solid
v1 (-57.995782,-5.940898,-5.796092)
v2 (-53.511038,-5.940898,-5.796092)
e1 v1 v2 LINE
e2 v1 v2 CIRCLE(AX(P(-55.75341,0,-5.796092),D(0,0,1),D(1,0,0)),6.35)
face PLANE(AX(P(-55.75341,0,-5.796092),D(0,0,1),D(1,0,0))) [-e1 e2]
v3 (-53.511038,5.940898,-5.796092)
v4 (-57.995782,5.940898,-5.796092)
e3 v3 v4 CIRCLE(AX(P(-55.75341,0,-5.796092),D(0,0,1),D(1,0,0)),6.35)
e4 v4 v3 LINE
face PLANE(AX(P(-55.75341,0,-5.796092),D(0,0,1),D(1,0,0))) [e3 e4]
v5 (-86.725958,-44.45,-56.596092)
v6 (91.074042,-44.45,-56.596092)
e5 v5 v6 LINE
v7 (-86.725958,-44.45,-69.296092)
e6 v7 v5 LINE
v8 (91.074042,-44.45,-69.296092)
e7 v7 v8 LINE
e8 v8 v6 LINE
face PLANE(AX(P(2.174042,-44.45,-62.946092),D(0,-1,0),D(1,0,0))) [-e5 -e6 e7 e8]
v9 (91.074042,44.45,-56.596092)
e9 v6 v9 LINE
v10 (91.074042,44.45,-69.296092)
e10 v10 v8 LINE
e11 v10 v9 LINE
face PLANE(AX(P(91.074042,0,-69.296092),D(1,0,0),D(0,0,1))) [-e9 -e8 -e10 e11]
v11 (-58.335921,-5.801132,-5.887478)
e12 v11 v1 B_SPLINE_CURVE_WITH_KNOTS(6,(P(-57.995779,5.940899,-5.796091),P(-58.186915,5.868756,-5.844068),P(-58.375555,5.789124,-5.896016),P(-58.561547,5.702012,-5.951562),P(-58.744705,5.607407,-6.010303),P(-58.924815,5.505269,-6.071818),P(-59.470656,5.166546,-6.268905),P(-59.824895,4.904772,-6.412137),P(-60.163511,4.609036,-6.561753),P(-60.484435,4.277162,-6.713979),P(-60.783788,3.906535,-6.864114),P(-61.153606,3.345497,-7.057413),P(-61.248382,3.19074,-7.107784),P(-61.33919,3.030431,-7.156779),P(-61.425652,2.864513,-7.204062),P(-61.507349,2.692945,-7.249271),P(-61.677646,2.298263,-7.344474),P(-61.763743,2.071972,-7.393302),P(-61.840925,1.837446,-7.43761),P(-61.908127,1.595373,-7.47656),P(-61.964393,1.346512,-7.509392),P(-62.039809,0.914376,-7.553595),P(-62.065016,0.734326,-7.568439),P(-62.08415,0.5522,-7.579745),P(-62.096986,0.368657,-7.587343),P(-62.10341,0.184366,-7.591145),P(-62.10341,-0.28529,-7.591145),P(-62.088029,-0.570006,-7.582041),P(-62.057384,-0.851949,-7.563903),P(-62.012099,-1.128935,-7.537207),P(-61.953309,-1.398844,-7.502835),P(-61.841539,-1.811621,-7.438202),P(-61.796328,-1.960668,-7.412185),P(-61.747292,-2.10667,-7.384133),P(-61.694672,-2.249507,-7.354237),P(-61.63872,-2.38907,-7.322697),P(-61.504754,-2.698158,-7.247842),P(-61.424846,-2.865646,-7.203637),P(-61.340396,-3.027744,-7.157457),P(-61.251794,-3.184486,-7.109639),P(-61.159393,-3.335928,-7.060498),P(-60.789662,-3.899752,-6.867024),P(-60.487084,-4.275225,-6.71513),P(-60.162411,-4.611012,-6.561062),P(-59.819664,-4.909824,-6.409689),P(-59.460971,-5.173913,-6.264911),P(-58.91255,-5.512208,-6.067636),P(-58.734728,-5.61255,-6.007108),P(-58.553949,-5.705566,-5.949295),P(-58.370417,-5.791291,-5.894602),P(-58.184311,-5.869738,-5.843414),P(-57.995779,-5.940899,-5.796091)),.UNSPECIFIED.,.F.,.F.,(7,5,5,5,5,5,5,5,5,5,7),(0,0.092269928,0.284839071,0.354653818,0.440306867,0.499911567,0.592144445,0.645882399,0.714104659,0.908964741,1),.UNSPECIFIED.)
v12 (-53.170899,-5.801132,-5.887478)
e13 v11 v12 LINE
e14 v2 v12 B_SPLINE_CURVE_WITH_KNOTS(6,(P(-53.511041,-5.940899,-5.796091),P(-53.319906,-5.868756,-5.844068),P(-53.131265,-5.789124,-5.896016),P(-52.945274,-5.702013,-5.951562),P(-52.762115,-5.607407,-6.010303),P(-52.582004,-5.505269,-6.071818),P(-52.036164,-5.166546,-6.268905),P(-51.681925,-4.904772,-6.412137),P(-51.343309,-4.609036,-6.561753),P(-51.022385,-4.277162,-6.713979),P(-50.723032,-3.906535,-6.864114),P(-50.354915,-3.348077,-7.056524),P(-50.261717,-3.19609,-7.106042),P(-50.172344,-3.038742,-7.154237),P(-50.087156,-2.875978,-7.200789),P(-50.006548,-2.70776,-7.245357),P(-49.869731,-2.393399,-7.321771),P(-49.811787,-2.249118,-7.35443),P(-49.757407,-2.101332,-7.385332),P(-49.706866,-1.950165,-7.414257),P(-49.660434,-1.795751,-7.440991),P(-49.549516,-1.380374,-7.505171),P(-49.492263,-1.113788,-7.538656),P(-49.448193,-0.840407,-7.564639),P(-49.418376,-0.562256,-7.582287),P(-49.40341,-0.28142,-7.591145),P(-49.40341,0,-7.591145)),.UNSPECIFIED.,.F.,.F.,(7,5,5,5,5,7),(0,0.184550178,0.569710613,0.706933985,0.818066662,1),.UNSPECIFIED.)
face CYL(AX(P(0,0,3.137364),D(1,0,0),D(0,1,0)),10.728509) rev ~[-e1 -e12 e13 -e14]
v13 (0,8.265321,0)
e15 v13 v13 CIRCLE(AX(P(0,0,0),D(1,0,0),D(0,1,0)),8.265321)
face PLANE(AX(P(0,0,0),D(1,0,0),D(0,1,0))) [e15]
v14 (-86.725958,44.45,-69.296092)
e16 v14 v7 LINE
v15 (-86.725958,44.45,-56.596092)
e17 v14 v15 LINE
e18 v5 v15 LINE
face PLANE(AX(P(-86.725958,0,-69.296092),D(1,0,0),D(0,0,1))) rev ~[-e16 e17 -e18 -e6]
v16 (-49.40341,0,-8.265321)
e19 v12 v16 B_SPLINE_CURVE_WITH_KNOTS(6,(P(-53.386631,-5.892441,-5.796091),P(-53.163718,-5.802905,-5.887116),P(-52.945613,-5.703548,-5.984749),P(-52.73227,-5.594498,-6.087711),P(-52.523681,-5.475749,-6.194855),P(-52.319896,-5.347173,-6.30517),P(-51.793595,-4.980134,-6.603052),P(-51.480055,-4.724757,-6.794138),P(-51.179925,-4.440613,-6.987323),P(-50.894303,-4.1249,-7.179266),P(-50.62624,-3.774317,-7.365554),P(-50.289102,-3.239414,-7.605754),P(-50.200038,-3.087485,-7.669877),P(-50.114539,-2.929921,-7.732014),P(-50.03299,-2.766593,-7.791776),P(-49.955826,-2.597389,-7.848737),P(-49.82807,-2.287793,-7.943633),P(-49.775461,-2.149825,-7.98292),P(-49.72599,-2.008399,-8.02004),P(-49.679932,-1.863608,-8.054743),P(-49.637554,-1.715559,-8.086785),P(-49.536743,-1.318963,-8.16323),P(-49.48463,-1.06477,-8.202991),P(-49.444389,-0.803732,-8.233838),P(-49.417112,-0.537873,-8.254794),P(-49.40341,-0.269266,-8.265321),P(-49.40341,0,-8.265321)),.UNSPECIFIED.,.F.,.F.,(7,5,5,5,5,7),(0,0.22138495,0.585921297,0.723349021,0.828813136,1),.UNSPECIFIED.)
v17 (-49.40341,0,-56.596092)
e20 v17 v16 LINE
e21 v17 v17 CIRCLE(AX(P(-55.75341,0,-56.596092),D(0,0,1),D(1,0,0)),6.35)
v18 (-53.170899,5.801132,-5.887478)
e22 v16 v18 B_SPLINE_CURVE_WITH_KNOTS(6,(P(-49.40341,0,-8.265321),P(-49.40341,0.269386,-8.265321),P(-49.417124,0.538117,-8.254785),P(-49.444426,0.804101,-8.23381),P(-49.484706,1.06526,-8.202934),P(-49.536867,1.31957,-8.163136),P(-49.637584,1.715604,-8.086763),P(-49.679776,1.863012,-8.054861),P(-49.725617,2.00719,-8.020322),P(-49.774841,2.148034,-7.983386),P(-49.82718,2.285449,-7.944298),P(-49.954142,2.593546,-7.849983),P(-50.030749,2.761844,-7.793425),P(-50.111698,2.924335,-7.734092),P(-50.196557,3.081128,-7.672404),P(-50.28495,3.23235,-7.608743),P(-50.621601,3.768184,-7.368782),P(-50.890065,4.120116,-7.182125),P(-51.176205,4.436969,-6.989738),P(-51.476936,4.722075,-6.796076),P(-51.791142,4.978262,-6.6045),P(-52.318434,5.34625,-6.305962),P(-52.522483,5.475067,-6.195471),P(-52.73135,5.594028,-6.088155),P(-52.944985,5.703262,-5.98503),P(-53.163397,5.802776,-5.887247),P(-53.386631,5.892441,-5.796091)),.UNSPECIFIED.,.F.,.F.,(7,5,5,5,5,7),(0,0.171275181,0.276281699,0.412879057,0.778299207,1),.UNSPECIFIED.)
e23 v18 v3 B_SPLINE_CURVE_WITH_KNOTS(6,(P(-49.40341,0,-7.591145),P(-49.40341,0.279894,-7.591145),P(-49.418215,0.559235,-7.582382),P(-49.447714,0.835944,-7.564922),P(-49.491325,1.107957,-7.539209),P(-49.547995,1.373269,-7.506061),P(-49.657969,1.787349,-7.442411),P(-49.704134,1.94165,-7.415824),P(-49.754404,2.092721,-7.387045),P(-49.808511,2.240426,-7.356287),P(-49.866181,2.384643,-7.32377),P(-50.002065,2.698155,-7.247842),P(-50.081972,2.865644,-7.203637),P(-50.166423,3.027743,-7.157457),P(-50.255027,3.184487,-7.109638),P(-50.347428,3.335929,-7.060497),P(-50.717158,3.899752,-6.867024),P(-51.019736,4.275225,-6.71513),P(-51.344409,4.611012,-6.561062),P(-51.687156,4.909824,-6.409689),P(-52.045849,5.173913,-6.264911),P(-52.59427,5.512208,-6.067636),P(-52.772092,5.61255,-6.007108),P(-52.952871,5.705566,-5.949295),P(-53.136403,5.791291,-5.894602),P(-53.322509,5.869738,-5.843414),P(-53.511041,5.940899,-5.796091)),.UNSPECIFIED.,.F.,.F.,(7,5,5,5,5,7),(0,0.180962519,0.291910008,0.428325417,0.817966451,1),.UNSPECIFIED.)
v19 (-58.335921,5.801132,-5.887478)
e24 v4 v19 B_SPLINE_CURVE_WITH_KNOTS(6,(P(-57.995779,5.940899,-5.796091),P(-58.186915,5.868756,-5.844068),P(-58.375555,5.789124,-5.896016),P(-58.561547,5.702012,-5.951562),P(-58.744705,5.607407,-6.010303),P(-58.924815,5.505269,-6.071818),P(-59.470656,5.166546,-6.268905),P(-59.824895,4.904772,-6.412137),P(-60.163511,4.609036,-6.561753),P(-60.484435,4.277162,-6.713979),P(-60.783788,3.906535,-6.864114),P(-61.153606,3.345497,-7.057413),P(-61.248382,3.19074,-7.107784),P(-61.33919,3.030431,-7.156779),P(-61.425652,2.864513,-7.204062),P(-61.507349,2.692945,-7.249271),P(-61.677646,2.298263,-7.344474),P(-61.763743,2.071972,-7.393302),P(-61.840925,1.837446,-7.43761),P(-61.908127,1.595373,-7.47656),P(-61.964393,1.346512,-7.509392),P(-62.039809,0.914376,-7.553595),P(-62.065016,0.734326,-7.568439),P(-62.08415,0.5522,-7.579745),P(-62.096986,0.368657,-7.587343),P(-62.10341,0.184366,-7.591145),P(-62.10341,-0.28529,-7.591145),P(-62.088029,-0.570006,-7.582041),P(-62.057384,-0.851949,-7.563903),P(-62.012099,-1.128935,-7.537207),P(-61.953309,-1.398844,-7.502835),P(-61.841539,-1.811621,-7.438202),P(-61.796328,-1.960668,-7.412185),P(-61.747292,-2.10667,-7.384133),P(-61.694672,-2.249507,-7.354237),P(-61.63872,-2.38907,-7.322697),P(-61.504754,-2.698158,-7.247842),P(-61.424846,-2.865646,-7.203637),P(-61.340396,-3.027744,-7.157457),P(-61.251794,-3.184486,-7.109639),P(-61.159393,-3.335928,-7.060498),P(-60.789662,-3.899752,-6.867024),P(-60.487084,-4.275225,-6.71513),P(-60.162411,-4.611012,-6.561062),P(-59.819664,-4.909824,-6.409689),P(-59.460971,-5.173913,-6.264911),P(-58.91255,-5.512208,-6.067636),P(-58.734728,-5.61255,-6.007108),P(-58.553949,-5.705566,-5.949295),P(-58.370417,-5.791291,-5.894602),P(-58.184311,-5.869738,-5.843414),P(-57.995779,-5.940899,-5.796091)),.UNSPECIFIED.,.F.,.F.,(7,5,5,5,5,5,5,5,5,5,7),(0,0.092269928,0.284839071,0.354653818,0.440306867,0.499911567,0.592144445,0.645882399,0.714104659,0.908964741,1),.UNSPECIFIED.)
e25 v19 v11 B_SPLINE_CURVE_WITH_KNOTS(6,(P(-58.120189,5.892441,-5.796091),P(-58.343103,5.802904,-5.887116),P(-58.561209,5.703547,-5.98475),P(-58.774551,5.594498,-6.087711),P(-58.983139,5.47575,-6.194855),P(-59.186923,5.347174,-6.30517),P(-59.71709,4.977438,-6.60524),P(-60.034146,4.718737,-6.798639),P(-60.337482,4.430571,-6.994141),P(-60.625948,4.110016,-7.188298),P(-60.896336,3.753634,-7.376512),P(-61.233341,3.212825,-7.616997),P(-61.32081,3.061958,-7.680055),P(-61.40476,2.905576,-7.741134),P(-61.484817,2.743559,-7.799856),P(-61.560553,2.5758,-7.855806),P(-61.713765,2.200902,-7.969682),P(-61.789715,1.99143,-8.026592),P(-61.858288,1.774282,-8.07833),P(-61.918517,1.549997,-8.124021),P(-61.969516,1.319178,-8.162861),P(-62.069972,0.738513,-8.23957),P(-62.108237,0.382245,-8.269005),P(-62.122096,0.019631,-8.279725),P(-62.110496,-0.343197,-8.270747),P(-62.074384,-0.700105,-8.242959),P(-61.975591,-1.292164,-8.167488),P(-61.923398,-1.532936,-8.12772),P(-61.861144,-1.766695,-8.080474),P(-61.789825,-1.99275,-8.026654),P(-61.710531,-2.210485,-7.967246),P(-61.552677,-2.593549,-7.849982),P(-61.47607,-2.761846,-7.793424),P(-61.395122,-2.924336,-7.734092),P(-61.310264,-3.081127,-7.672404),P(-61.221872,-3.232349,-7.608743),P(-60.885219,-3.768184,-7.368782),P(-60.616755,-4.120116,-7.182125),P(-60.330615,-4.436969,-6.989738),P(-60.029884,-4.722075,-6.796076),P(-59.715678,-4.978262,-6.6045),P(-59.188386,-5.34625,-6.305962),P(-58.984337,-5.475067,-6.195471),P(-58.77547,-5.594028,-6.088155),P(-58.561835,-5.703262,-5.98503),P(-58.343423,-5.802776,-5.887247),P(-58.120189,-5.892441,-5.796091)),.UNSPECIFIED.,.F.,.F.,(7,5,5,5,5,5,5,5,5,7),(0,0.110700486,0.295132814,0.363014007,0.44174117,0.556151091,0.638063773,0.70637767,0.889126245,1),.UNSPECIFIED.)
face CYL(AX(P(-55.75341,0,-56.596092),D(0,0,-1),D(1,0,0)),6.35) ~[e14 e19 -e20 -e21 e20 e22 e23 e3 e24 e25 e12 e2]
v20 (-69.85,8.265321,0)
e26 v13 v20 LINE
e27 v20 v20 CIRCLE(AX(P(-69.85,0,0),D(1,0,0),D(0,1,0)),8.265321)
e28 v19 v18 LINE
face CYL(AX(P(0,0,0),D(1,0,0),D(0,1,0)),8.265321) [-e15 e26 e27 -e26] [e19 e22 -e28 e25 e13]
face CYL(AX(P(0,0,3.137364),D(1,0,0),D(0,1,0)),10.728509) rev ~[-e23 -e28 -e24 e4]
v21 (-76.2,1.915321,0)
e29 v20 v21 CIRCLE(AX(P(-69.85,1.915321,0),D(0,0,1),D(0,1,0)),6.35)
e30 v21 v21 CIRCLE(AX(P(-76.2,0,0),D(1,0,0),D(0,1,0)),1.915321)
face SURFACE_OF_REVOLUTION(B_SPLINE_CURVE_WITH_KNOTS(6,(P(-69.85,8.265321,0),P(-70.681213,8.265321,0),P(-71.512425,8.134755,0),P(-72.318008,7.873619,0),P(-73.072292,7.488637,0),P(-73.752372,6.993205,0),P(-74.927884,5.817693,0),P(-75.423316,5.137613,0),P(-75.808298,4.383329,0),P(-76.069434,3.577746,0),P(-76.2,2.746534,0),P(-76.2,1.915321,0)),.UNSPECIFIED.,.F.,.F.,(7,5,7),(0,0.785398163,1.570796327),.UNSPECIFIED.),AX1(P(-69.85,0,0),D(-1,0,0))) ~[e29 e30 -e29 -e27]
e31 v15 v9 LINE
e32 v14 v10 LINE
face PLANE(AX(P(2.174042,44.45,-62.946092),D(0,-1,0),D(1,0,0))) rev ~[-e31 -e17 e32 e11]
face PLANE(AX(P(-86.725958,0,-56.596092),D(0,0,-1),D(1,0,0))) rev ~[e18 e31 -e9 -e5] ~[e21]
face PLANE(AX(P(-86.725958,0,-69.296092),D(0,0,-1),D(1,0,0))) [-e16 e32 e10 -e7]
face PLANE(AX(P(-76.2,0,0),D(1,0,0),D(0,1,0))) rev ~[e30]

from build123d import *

# Parameters (mm, degrees)
F0_W     = 177.8
F0_H     = 12.7
F1_DEPTH = 44.45
F2_R     = 6.35
F3_DEPTH = 50.8
F4_R     = 10.728509
F5_DEPTH = 127
F6_R     = 8.265321
F7_DEPTH = 76.2
F8_R     = 6.35


with BuildPart() as f1:
    # F0 (on Front) → F1 (new body, symmetric)
    with BuildSketch(Plane.XZ):
        with Locations((2.174042, -62.946092)):
            Rectangle(F0_W, F0_H)
    extrude(amount=F1_DEPTH, both=True)

    # F2 (on face) → F3 (join)
    with BuildSketch(Plane.XY.offset(-56.596092)):
        with Locations((-55.75341, 0)):
            Circle(F2_R)
    extrude(amount=F3_DEPTH)

    # F4 (on Right) → F5 (cut)
    with BuildSketch(Plane.YZ):
        with Locations((0, 3.137364)):
            Circle(F4_R)
    extrude(amount=-F5_DEPTH, mode=Mode.SUBTRACT)

    # F6 (on Right) → F7 (join)
    with BuildSketch(Plane.YZ):
        Circle(F6_R)
    extrude(amount=-F7_DEPTH)

    # F8
    f8_edges = [f1.edges().sort_by_distance(p)[0] for p in [
        (-76.2, -8.265321, 0),
    ]]
    fillet(f8_edges, radius=F8_R)


solid = f1.part
